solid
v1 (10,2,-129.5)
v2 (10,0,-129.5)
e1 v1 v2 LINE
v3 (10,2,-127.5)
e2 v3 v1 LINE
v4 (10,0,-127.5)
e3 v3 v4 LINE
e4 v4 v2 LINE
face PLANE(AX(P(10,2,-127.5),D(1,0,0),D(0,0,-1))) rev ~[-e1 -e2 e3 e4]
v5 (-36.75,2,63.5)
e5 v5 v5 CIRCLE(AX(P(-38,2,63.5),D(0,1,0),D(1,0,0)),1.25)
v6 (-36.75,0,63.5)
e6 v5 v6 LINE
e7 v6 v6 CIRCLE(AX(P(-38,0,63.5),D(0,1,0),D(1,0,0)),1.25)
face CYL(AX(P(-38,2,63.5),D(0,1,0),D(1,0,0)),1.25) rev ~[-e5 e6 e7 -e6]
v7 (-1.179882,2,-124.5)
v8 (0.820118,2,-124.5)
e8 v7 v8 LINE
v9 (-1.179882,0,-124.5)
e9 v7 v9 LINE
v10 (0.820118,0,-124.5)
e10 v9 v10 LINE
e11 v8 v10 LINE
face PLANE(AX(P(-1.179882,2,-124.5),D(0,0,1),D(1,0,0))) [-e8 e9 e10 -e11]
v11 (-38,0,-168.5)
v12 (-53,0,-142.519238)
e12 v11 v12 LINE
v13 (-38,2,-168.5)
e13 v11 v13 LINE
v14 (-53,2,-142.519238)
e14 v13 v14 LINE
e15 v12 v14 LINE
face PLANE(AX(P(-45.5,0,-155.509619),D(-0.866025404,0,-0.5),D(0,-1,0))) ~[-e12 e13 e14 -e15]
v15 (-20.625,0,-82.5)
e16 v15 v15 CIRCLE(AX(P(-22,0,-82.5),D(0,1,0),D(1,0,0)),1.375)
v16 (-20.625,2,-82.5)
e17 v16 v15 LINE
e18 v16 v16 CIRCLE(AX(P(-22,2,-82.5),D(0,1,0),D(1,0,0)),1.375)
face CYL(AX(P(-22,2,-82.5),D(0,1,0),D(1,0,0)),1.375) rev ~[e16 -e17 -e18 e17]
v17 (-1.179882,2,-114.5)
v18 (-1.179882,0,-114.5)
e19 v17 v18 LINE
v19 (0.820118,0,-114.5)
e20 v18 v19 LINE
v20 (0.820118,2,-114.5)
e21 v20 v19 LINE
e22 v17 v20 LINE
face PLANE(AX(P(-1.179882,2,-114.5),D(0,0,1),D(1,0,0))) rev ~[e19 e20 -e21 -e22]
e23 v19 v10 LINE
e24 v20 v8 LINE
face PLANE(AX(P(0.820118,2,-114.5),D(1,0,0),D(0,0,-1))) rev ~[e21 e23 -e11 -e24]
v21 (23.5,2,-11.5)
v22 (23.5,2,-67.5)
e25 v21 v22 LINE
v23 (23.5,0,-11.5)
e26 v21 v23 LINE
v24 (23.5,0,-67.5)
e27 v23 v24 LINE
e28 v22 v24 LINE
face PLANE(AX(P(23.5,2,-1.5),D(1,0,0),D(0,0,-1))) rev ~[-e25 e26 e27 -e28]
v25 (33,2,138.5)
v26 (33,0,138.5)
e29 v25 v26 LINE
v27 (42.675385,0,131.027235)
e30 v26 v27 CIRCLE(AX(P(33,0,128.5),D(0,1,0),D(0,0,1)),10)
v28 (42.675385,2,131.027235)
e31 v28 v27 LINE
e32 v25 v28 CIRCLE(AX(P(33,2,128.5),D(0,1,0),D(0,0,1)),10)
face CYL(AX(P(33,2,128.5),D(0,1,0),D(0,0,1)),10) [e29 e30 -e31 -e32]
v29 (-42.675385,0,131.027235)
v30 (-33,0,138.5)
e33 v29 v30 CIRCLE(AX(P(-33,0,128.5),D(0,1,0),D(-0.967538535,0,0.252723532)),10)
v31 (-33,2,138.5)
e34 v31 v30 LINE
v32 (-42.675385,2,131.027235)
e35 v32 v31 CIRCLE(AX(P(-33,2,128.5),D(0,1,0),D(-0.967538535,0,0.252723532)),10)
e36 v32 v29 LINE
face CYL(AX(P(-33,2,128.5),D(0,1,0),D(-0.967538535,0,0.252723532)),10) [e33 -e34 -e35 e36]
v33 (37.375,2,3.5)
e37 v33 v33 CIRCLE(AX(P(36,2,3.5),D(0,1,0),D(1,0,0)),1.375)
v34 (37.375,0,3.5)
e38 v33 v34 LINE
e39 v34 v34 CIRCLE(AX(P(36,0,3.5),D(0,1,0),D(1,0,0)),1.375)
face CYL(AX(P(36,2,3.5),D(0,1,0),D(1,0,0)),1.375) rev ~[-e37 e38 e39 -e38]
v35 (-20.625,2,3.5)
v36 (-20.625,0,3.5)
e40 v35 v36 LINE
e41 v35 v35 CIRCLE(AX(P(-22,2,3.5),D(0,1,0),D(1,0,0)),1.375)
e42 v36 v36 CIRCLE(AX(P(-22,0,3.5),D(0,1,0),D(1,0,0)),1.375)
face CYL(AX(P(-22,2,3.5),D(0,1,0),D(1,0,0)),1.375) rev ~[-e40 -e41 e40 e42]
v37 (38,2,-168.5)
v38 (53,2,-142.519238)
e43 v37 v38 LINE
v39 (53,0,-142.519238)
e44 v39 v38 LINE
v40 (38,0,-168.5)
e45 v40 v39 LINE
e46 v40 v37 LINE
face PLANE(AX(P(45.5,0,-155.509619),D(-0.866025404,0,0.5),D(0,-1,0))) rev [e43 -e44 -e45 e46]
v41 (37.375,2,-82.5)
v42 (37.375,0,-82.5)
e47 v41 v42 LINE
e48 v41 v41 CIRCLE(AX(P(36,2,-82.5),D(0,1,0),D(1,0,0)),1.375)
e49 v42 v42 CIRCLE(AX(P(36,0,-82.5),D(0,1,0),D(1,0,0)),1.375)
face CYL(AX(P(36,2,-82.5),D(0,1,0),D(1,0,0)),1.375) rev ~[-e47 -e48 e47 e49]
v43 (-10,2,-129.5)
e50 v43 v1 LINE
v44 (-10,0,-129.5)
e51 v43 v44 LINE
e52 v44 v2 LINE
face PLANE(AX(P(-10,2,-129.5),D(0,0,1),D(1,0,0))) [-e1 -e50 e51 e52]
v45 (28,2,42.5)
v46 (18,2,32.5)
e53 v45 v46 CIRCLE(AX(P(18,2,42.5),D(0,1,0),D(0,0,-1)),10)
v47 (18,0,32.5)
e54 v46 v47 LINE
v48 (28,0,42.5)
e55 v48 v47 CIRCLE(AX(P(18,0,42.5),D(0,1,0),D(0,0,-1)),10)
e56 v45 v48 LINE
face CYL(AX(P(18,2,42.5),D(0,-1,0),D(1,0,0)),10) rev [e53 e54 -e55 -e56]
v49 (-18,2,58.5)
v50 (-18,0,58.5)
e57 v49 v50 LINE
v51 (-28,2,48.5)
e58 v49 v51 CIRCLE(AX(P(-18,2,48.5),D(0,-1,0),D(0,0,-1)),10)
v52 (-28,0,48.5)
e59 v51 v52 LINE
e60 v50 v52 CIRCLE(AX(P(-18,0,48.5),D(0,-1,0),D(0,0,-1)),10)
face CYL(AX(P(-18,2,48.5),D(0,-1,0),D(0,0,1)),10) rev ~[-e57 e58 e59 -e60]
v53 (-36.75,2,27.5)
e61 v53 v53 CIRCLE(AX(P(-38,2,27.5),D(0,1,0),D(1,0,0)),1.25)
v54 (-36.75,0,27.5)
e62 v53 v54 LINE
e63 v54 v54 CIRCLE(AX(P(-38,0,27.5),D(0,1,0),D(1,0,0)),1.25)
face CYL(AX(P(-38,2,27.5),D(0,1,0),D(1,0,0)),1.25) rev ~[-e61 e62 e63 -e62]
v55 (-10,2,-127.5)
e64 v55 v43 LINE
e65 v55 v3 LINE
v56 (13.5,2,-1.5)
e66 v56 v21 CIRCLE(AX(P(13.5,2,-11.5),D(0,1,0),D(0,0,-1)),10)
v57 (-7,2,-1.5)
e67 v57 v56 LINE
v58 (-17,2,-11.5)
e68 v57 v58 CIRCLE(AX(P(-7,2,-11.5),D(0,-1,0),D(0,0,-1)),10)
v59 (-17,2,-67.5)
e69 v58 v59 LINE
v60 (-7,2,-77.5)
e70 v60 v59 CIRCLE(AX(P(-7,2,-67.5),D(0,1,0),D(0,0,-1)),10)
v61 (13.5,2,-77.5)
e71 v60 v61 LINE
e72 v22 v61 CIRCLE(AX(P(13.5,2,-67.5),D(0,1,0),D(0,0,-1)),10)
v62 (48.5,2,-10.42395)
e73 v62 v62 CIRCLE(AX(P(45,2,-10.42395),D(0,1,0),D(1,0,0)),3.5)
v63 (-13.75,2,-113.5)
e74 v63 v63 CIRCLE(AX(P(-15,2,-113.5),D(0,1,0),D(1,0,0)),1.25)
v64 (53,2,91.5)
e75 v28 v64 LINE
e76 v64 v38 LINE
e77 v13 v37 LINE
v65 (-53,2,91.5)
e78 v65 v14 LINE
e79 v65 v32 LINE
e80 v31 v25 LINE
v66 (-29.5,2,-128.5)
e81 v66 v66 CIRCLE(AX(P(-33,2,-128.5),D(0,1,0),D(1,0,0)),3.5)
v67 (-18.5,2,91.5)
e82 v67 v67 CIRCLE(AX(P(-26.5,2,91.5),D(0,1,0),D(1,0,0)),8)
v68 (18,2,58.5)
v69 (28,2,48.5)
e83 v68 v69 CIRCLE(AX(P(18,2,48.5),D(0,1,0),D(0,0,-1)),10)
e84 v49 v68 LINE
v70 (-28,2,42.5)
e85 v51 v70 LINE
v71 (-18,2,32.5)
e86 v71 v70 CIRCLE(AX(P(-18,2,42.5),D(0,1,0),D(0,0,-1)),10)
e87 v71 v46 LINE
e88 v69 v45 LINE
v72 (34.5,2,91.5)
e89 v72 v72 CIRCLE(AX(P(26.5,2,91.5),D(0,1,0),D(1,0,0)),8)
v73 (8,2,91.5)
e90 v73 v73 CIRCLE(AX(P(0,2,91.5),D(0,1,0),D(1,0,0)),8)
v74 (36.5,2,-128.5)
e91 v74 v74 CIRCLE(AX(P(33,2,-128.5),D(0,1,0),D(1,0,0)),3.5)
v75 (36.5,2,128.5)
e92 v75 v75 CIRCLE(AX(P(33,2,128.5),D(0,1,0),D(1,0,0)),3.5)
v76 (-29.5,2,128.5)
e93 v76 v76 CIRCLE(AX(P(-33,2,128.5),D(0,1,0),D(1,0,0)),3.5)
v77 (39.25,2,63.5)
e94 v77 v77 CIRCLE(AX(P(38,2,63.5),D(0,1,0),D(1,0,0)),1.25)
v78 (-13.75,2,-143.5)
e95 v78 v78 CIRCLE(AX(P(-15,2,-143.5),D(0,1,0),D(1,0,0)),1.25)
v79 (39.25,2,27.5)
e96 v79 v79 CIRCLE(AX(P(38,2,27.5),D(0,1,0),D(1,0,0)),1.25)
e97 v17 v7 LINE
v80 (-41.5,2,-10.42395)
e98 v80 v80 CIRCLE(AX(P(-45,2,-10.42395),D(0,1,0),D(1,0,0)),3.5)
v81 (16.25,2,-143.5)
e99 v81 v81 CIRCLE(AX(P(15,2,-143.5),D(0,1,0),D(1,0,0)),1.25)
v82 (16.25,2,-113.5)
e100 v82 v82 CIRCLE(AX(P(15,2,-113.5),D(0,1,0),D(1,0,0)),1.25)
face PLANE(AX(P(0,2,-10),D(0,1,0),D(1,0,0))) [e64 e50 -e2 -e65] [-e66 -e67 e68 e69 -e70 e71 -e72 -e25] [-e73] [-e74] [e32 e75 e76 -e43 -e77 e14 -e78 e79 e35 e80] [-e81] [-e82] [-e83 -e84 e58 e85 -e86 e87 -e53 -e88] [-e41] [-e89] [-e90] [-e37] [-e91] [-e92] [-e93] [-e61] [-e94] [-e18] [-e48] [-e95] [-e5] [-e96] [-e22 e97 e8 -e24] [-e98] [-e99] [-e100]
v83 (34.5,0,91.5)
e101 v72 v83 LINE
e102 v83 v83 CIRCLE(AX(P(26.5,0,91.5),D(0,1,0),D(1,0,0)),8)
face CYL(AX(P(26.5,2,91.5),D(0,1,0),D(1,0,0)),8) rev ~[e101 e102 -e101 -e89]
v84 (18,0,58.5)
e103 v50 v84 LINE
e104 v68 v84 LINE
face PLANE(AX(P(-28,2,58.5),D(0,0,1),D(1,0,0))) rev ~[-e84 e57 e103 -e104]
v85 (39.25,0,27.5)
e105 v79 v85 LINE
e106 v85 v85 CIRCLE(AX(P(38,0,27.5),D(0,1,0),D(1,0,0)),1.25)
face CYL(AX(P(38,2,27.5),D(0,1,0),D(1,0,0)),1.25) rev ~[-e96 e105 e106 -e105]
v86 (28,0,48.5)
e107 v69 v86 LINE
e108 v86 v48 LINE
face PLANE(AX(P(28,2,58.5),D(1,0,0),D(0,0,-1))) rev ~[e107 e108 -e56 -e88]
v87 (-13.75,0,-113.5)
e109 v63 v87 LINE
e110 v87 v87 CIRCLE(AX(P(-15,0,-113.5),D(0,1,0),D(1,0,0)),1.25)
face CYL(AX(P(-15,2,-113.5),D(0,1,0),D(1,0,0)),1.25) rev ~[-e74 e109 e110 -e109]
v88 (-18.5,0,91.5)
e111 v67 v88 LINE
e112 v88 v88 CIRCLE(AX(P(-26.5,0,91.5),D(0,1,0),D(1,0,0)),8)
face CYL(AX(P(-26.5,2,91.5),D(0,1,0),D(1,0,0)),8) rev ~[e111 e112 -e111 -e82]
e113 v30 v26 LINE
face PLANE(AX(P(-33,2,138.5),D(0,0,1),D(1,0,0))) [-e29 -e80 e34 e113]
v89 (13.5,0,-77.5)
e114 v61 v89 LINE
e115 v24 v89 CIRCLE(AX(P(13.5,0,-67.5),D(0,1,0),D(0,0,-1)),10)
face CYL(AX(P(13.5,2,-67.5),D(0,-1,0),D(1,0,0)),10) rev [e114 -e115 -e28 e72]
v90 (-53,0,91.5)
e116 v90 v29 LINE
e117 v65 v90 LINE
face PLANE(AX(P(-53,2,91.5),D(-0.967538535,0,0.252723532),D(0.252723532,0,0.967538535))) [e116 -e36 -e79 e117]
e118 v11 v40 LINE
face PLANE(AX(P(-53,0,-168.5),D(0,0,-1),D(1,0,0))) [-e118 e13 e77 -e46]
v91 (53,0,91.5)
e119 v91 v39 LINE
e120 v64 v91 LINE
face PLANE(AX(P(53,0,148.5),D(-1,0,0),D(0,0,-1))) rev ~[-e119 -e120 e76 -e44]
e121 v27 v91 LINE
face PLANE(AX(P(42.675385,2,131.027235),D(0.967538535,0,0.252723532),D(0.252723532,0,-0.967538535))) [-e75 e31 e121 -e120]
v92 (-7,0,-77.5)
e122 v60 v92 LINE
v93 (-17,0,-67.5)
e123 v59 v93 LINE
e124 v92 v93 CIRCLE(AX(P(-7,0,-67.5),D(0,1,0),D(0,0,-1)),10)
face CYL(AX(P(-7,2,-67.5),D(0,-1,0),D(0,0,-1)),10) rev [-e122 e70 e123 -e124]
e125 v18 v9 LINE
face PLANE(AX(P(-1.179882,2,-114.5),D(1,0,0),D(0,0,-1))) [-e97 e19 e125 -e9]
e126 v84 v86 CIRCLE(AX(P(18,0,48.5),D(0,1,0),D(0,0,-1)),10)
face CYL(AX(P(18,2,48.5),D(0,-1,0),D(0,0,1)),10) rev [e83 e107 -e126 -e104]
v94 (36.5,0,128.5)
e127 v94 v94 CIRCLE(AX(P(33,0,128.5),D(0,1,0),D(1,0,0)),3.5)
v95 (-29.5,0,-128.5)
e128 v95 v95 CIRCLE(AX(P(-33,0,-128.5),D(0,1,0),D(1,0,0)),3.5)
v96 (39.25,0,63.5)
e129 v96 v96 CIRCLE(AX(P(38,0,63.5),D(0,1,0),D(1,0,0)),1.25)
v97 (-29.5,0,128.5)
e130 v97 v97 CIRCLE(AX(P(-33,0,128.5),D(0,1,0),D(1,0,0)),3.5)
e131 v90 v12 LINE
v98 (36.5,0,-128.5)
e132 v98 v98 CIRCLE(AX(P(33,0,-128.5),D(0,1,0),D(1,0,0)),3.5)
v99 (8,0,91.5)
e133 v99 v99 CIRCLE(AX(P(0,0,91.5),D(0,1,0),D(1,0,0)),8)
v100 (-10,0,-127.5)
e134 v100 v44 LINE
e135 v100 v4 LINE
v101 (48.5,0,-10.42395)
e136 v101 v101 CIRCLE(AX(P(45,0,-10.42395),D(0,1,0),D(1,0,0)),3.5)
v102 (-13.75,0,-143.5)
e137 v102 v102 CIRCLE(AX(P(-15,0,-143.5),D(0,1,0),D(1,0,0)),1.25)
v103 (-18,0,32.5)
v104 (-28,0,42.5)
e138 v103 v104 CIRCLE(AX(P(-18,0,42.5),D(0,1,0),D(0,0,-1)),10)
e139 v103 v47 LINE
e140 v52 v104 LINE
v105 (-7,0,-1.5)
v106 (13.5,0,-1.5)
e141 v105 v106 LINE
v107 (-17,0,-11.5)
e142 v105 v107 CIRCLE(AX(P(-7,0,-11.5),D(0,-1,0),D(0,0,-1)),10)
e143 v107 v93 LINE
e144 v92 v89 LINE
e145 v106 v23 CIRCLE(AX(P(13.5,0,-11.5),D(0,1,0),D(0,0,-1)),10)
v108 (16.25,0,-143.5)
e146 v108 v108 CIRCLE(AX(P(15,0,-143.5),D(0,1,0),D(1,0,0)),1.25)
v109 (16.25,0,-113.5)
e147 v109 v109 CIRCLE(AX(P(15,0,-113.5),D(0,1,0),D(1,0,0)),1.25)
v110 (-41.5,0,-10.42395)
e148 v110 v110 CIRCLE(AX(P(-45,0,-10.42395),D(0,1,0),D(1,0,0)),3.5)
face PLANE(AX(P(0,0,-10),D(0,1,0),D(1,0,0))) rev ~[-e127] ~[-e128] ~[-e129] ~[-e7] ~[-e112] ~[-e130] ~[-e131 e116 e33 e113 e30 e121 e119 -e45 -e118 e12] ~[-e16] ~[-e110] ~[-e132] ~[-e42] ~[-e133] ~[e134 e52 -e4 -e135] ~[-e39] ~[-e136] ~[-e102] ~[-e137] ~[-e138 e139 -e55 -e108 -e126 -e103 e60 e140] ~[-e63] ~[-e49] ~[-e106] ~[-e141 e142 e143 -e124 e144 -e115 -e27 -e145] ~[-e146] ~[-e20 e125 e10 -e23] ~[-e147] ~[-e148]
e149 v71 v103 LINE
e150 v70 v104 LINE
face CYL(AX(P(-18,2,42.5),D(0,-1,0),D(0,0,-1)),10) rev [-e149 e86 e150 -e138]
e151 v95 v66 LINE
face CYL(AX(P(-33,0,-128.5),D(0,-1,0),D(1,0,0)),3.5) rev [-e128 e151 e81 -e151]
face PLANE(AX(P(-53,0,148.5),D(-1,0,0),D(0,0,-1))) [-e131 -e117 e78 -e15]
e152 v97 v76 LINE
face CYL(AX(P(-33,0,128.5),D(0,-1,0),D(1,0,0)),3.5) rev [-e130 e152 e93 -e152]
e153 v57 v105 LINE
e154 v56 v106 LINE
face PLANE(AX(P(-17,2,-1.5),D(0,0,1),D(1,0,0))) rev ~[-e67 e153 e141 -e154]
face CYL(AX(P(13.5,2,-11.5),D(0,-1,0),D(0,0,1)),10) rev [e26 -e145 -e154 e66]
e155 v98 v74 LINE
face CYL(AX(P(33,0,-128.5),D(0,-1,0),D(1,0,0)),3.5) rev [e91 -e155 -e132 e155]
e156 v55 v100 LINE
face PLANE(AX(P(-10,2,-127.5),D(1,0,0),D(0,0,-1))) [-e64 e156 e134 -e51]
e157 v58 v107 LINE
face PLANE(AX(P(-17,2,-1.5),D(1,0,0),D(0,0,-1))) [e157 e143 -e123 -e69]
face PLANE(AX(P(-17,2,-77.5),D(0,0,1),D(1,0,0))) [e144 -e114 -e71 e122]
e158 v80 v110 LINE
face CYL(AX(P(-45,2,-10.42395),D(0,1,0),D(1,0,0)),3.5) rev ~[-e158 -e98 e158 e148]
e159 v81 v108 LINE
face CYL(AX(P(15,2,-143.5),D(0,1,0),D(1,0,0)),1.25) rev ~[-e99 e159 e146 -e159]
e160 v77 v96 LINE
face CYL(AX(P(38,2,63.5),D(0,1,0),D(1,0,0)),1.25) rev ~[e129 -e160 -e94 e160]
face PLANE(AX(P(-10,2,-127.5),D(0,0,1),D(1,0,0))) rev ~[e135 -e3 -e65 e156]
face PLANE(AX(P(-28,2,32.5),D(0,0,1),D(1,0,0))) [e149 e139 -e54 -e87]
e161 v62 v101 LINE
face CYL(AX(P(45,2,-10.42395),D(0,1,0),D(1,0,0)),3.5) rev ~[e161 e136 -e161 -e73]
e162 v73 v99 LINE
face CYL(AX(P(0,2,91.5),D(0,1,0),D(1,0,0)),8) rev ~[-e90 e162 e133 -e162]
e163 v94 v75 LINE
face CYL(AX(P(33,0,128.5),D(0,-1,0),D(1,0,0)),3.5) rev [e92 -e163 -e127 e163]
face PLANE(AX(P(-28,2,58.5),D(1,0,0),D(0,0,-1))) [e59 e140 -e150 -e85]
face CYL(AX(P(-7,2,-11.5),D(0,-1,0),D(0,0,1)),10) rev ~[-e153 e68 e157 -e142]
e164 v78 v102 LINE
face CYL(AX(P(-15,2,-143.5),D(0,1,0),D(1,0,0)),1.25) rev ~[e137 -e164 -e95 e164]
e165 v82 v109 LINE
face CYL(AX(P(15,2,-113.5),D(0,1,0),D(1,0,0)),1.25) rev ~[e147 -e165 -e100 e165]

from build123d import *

# Parameters (mm, degrees)
ESQUISSE1_W             = 106
ESQUISSE1_H             = 317
ESQUISSE1_R             = 3.5
BOSS_EXTRU_1_DEPTH      = 2
ESQUISSE3_R             = 1.375
ENL_V_MAT_EXTRU_1_DEPTH = 3
CHANFREIN1_SIZE         = 15
CHANFREIN1_SIZE2        = 25.980762114
ESQUISSE4_R             = 1.25
ESQUISSE4_W             = 56
ESQUISSE4_H             = 26
ENL_V_MAT_EXTRU_2_DEPTH = 10
CONG_1_R                = 10
ESQUISSE5_W             = 40.5
ESQUISSE5_H             = 76
ENL_V_MAT_EXTRU_3_DEPTH = 10
CONG_2_R                = 10
ESQUISSE6_R             = 1.25
ESQUISSE6_W             = 20
ESQUISSE6_H             = 2
ESQUISSE6_W_2           = 2
ESQUISSE6_H_2           = 10
ENL_V_MAT_EXTRU_4_DEPTH = 10
ESQUISSE7_R             = 8
ENL_V_MAT_EXTRU_5_DEPTH = 10
ESQUISSE8_OUTSIDE_W     = 174.852
ESQUISSE8_OUTSIDE_H     = 385.852
ENL_V_MAT_EXTRU_6_DEPTH = 10
ESQUISSE9_R             = 3.5
ENL_V_MAT_EXTRU_7_DEPTH = 10


with BuildPart() as part:
    # Esquisse1 → Boss.-Extru.1 (new body)
    with BuildSketch(Plane(origin=(0, 0, 0), x_dir=(1, 0, 0), z_dir=(0, 1, 0))):
        with Locations((0, 10)):
            Rectangle(ESQUISSE1_W, ESQUISSE1_H)
        with Locations((-33, 128.5)):
            Circle(ESQUISSE1_R, mode=Mode.SUBTRACT)
        with Locations((-33, -128.5)):
            Circle(ESQUISSE1_R, mode=Mode.SUBTRACT)
        with Locations((33, 128.5)):
            Circle(ESQUISSE1_R, mode=Mode.SUBTRACT)
        with Locations((33, -128.5)):
            Circle(ESQUISSE1_R, mode=Mode.SUBTRACT)
    extrude(amount=BOSS_EXTRU_1_DEPTH)

    # Esquisse3 → Enlèv. mat.-Extru.1 (cut, through all)
    with BuildSketch(Plane(origin=(0, 2, 0), x_dir=(1, 0, 0), z_dir=(0, 1, 0))):
        with Locations((-22, -3.5)):
            Circle(ESQUISSE3_R)
        with Locations((-22, 82.5)):
            Circle(ESQUISSE3_R)
        with Locations((36, 82.5)):
            Circle(ESQUISSE3_R)
        with Locations((36, -3.5)):
            Circle(ESQUISSE3_R)
    extrude(amount=-ENL_V_MAT_EXTRU_1_DEPTH, mode=Mode.SUBTRACT)

    # Chanfrein1
    chanfrein1_edges = [part.edges().sort_by_distance(p)[0] for p in [
        (-53, 1, -168.5),
        (53, 1, -168.5),
    ]]
    chanfrein1_side = [part.faces().sort_by_distance(p)[0] for p in [
        (0, 1, -168.5),
    ]]
    chamfer(chanfrein1_edges, length=CHANFREIN1_SIZE, length2=CHANFREIN1_SIZE2, reference=chanfrein1_side[0])

    # Esquisse4 → Enlèv. mat.-Extru.2 (cut)
    with BuildSketch(Plane(origin=(0, 2, 0), x_dir=(1, 0, 0), z_dir=(0, 1, 0))):
        with Locations((38, -63.5)):
            Circle(ESQUISSE4_R)
        with Locations((38, -27.5)):
            Circle(ESQUISSE4_R)
        with Locations((-38, -63.5)):
            Circle(ESQUISSE4_R)
        with Locations((-38, -27.5)):
            Circle(ESQUISSE4_R)
        with Locations((0, -45.5)):
            Rectangle(ESQUISSE4_W, ESQUISSE4_H)
    extrude(amount=-ENL_V_MAT_EXTRU_2_DEPTH, mode=Mode.SUBTRACT)

    # Congé1
    cong_1_edges = [part.edges().sort_by_distance(p)[0] for p in [
        (-28, 1, 58.5),
        (-28, 1, 32.5),
        (28, 1, 32.5),
        (28, 1, 58.5),
    ]]
    fillet(cong_1_edges, radius=CONG_1_R)

    # Esquisse5 → Enlèv. mat.-Extru.3 (cut)
    with BuildSketch(Plane(origin=(0, 2, 0), x_dir=(1, 0, 0), z_dir=(0, 1, 0))):
        with Locations((3.25, 39.5)):
            Rectangle(ESQUISSE5_W, ESQUISSE5_H)
    extrude(amount=-ENL_V_MAT_EXTRU_3_DEPTH, mode=Mode.SUBTRACT)

    # Congé2
    cong_2_edges = [part.edges().sort_by_distance(p)[0] for p in [
        (-17, 1, -1.5),
        (-17, 1, -77.5),
        (23.5, 1, -77.5),
        (23.5, 1, -1.5),
    ]]
    fillet(cong_2_edges, radius=CONG_2_R)

    # Esquisse6 → Enlèv. mat.-Extru.4 (cut)
    with BuildSketch(Plane(origin=(0, 2, 0), x_dir=(1, 0, 0), z_dir=(0, 1, 0))):
        with Locations((-15, 113.5)):
            Circle(ESQUISSE6_R)
        with Locations((15, 113.5)):
            Circle(ESQUISSE6_R)
        with Locations((-15, 143.5)):
            Circle(ESQUISSE6_R)
        with Locations((15, 143.5)):
            Circle(ESQUISSE6_R)
        with Locations((0, 128.5)):
            Rectangle(ESQUISSE6_W, ESQUISSE6_H)
        with Locations((-0.179881847, 119.5)):
            Rectangle(ESQUISSE6_W_2, ESQUISSE6_H_2)
    extrude(amount=-ENL_V_MAT_EXTRU_4_DEPTH, mode=Mode.SUBTRACT)

    # Esquisse7 → Enlèv. mat.-Extru.5 (cut)
    with BuildSketch(Plane(origin=(0, 2, 0), x_dir=(1, 0, 0), z_dir=(0, 1, 0))):
        with Locations((0, -91.5)):
            Circle(ESQUISSE7_R)
        with Locations((-26.5, -91.5)):
            Circle(ESQUISSE7_R)
        with Locations((26.5, -91.5)):
            Circle(ESQUISSE7_R)
    extrude(amount=-ENL_V_MAT_EXTRU_5_DEPTH, mode=Mode.SUBTRACT)

    # Esquisse8 outside → Enlèv. mat.-Extru.6 (cut)
    with BuildSketch(Plane(origin=(0, 2, 0), x_dir=(1, 0, 0), z_dir=(0, 1, 0))):
        with Locations((0, 10)):
            Rectangle(ESQUISSE8_OUTSIDE_W, ESQUISSE8_OUTSIDE_H)
        with BuildLine():
            Line((38, 168.5), (-38, 168.5))
            Line((-38, 168.5), (-53, 142.519237886))
            Line((-53, 142.519237886), (-53, -91.5))
            Line((-53, -91.5), (-42.675385347, -131.027235323))
            ThreePointArc((-42.675385347, -131.027235323), (-39.11259547, -136.41430203), (-33, -138.5))
            Line((-33, -138.5), (33, -138.5))
            ThreePointArc((33, -138.5), (39.11259547, -136.41430203), (42.675385347, -131.027235323))
            Line((42.675385347, -131.027235323), (53, -91.5))
            Line((53, -91.5), (53, 142.519237886))
            Line((53, 142.519237886), (38, 168.5))
        make_face(mode=Mode.SUBTRACT)
    extrude(amount=-ENL_V_MAT_EXTRU_6_DEPTH, mode=Mode.SUBTRACT)

    # Esquisse9 → Enlèv. mat.-Extru.7 (cut)
    with BuildSketch(Plane(origin=(0, 2, 0), x_dir=(1, 0, 0), z_dir=(0, 1, 0))):
        with Locations((45, 10.423949842)):
            Circle(ESQUISSE9_R)
        with Locations((-45, 10.423949842)):
            Circle(ESQUISSE9_R)
    extrude(amount=-ENL_V_MAT_EXTRU_7_DEPTH, mode=Mode.SUBTRACT)


solid = part.part
